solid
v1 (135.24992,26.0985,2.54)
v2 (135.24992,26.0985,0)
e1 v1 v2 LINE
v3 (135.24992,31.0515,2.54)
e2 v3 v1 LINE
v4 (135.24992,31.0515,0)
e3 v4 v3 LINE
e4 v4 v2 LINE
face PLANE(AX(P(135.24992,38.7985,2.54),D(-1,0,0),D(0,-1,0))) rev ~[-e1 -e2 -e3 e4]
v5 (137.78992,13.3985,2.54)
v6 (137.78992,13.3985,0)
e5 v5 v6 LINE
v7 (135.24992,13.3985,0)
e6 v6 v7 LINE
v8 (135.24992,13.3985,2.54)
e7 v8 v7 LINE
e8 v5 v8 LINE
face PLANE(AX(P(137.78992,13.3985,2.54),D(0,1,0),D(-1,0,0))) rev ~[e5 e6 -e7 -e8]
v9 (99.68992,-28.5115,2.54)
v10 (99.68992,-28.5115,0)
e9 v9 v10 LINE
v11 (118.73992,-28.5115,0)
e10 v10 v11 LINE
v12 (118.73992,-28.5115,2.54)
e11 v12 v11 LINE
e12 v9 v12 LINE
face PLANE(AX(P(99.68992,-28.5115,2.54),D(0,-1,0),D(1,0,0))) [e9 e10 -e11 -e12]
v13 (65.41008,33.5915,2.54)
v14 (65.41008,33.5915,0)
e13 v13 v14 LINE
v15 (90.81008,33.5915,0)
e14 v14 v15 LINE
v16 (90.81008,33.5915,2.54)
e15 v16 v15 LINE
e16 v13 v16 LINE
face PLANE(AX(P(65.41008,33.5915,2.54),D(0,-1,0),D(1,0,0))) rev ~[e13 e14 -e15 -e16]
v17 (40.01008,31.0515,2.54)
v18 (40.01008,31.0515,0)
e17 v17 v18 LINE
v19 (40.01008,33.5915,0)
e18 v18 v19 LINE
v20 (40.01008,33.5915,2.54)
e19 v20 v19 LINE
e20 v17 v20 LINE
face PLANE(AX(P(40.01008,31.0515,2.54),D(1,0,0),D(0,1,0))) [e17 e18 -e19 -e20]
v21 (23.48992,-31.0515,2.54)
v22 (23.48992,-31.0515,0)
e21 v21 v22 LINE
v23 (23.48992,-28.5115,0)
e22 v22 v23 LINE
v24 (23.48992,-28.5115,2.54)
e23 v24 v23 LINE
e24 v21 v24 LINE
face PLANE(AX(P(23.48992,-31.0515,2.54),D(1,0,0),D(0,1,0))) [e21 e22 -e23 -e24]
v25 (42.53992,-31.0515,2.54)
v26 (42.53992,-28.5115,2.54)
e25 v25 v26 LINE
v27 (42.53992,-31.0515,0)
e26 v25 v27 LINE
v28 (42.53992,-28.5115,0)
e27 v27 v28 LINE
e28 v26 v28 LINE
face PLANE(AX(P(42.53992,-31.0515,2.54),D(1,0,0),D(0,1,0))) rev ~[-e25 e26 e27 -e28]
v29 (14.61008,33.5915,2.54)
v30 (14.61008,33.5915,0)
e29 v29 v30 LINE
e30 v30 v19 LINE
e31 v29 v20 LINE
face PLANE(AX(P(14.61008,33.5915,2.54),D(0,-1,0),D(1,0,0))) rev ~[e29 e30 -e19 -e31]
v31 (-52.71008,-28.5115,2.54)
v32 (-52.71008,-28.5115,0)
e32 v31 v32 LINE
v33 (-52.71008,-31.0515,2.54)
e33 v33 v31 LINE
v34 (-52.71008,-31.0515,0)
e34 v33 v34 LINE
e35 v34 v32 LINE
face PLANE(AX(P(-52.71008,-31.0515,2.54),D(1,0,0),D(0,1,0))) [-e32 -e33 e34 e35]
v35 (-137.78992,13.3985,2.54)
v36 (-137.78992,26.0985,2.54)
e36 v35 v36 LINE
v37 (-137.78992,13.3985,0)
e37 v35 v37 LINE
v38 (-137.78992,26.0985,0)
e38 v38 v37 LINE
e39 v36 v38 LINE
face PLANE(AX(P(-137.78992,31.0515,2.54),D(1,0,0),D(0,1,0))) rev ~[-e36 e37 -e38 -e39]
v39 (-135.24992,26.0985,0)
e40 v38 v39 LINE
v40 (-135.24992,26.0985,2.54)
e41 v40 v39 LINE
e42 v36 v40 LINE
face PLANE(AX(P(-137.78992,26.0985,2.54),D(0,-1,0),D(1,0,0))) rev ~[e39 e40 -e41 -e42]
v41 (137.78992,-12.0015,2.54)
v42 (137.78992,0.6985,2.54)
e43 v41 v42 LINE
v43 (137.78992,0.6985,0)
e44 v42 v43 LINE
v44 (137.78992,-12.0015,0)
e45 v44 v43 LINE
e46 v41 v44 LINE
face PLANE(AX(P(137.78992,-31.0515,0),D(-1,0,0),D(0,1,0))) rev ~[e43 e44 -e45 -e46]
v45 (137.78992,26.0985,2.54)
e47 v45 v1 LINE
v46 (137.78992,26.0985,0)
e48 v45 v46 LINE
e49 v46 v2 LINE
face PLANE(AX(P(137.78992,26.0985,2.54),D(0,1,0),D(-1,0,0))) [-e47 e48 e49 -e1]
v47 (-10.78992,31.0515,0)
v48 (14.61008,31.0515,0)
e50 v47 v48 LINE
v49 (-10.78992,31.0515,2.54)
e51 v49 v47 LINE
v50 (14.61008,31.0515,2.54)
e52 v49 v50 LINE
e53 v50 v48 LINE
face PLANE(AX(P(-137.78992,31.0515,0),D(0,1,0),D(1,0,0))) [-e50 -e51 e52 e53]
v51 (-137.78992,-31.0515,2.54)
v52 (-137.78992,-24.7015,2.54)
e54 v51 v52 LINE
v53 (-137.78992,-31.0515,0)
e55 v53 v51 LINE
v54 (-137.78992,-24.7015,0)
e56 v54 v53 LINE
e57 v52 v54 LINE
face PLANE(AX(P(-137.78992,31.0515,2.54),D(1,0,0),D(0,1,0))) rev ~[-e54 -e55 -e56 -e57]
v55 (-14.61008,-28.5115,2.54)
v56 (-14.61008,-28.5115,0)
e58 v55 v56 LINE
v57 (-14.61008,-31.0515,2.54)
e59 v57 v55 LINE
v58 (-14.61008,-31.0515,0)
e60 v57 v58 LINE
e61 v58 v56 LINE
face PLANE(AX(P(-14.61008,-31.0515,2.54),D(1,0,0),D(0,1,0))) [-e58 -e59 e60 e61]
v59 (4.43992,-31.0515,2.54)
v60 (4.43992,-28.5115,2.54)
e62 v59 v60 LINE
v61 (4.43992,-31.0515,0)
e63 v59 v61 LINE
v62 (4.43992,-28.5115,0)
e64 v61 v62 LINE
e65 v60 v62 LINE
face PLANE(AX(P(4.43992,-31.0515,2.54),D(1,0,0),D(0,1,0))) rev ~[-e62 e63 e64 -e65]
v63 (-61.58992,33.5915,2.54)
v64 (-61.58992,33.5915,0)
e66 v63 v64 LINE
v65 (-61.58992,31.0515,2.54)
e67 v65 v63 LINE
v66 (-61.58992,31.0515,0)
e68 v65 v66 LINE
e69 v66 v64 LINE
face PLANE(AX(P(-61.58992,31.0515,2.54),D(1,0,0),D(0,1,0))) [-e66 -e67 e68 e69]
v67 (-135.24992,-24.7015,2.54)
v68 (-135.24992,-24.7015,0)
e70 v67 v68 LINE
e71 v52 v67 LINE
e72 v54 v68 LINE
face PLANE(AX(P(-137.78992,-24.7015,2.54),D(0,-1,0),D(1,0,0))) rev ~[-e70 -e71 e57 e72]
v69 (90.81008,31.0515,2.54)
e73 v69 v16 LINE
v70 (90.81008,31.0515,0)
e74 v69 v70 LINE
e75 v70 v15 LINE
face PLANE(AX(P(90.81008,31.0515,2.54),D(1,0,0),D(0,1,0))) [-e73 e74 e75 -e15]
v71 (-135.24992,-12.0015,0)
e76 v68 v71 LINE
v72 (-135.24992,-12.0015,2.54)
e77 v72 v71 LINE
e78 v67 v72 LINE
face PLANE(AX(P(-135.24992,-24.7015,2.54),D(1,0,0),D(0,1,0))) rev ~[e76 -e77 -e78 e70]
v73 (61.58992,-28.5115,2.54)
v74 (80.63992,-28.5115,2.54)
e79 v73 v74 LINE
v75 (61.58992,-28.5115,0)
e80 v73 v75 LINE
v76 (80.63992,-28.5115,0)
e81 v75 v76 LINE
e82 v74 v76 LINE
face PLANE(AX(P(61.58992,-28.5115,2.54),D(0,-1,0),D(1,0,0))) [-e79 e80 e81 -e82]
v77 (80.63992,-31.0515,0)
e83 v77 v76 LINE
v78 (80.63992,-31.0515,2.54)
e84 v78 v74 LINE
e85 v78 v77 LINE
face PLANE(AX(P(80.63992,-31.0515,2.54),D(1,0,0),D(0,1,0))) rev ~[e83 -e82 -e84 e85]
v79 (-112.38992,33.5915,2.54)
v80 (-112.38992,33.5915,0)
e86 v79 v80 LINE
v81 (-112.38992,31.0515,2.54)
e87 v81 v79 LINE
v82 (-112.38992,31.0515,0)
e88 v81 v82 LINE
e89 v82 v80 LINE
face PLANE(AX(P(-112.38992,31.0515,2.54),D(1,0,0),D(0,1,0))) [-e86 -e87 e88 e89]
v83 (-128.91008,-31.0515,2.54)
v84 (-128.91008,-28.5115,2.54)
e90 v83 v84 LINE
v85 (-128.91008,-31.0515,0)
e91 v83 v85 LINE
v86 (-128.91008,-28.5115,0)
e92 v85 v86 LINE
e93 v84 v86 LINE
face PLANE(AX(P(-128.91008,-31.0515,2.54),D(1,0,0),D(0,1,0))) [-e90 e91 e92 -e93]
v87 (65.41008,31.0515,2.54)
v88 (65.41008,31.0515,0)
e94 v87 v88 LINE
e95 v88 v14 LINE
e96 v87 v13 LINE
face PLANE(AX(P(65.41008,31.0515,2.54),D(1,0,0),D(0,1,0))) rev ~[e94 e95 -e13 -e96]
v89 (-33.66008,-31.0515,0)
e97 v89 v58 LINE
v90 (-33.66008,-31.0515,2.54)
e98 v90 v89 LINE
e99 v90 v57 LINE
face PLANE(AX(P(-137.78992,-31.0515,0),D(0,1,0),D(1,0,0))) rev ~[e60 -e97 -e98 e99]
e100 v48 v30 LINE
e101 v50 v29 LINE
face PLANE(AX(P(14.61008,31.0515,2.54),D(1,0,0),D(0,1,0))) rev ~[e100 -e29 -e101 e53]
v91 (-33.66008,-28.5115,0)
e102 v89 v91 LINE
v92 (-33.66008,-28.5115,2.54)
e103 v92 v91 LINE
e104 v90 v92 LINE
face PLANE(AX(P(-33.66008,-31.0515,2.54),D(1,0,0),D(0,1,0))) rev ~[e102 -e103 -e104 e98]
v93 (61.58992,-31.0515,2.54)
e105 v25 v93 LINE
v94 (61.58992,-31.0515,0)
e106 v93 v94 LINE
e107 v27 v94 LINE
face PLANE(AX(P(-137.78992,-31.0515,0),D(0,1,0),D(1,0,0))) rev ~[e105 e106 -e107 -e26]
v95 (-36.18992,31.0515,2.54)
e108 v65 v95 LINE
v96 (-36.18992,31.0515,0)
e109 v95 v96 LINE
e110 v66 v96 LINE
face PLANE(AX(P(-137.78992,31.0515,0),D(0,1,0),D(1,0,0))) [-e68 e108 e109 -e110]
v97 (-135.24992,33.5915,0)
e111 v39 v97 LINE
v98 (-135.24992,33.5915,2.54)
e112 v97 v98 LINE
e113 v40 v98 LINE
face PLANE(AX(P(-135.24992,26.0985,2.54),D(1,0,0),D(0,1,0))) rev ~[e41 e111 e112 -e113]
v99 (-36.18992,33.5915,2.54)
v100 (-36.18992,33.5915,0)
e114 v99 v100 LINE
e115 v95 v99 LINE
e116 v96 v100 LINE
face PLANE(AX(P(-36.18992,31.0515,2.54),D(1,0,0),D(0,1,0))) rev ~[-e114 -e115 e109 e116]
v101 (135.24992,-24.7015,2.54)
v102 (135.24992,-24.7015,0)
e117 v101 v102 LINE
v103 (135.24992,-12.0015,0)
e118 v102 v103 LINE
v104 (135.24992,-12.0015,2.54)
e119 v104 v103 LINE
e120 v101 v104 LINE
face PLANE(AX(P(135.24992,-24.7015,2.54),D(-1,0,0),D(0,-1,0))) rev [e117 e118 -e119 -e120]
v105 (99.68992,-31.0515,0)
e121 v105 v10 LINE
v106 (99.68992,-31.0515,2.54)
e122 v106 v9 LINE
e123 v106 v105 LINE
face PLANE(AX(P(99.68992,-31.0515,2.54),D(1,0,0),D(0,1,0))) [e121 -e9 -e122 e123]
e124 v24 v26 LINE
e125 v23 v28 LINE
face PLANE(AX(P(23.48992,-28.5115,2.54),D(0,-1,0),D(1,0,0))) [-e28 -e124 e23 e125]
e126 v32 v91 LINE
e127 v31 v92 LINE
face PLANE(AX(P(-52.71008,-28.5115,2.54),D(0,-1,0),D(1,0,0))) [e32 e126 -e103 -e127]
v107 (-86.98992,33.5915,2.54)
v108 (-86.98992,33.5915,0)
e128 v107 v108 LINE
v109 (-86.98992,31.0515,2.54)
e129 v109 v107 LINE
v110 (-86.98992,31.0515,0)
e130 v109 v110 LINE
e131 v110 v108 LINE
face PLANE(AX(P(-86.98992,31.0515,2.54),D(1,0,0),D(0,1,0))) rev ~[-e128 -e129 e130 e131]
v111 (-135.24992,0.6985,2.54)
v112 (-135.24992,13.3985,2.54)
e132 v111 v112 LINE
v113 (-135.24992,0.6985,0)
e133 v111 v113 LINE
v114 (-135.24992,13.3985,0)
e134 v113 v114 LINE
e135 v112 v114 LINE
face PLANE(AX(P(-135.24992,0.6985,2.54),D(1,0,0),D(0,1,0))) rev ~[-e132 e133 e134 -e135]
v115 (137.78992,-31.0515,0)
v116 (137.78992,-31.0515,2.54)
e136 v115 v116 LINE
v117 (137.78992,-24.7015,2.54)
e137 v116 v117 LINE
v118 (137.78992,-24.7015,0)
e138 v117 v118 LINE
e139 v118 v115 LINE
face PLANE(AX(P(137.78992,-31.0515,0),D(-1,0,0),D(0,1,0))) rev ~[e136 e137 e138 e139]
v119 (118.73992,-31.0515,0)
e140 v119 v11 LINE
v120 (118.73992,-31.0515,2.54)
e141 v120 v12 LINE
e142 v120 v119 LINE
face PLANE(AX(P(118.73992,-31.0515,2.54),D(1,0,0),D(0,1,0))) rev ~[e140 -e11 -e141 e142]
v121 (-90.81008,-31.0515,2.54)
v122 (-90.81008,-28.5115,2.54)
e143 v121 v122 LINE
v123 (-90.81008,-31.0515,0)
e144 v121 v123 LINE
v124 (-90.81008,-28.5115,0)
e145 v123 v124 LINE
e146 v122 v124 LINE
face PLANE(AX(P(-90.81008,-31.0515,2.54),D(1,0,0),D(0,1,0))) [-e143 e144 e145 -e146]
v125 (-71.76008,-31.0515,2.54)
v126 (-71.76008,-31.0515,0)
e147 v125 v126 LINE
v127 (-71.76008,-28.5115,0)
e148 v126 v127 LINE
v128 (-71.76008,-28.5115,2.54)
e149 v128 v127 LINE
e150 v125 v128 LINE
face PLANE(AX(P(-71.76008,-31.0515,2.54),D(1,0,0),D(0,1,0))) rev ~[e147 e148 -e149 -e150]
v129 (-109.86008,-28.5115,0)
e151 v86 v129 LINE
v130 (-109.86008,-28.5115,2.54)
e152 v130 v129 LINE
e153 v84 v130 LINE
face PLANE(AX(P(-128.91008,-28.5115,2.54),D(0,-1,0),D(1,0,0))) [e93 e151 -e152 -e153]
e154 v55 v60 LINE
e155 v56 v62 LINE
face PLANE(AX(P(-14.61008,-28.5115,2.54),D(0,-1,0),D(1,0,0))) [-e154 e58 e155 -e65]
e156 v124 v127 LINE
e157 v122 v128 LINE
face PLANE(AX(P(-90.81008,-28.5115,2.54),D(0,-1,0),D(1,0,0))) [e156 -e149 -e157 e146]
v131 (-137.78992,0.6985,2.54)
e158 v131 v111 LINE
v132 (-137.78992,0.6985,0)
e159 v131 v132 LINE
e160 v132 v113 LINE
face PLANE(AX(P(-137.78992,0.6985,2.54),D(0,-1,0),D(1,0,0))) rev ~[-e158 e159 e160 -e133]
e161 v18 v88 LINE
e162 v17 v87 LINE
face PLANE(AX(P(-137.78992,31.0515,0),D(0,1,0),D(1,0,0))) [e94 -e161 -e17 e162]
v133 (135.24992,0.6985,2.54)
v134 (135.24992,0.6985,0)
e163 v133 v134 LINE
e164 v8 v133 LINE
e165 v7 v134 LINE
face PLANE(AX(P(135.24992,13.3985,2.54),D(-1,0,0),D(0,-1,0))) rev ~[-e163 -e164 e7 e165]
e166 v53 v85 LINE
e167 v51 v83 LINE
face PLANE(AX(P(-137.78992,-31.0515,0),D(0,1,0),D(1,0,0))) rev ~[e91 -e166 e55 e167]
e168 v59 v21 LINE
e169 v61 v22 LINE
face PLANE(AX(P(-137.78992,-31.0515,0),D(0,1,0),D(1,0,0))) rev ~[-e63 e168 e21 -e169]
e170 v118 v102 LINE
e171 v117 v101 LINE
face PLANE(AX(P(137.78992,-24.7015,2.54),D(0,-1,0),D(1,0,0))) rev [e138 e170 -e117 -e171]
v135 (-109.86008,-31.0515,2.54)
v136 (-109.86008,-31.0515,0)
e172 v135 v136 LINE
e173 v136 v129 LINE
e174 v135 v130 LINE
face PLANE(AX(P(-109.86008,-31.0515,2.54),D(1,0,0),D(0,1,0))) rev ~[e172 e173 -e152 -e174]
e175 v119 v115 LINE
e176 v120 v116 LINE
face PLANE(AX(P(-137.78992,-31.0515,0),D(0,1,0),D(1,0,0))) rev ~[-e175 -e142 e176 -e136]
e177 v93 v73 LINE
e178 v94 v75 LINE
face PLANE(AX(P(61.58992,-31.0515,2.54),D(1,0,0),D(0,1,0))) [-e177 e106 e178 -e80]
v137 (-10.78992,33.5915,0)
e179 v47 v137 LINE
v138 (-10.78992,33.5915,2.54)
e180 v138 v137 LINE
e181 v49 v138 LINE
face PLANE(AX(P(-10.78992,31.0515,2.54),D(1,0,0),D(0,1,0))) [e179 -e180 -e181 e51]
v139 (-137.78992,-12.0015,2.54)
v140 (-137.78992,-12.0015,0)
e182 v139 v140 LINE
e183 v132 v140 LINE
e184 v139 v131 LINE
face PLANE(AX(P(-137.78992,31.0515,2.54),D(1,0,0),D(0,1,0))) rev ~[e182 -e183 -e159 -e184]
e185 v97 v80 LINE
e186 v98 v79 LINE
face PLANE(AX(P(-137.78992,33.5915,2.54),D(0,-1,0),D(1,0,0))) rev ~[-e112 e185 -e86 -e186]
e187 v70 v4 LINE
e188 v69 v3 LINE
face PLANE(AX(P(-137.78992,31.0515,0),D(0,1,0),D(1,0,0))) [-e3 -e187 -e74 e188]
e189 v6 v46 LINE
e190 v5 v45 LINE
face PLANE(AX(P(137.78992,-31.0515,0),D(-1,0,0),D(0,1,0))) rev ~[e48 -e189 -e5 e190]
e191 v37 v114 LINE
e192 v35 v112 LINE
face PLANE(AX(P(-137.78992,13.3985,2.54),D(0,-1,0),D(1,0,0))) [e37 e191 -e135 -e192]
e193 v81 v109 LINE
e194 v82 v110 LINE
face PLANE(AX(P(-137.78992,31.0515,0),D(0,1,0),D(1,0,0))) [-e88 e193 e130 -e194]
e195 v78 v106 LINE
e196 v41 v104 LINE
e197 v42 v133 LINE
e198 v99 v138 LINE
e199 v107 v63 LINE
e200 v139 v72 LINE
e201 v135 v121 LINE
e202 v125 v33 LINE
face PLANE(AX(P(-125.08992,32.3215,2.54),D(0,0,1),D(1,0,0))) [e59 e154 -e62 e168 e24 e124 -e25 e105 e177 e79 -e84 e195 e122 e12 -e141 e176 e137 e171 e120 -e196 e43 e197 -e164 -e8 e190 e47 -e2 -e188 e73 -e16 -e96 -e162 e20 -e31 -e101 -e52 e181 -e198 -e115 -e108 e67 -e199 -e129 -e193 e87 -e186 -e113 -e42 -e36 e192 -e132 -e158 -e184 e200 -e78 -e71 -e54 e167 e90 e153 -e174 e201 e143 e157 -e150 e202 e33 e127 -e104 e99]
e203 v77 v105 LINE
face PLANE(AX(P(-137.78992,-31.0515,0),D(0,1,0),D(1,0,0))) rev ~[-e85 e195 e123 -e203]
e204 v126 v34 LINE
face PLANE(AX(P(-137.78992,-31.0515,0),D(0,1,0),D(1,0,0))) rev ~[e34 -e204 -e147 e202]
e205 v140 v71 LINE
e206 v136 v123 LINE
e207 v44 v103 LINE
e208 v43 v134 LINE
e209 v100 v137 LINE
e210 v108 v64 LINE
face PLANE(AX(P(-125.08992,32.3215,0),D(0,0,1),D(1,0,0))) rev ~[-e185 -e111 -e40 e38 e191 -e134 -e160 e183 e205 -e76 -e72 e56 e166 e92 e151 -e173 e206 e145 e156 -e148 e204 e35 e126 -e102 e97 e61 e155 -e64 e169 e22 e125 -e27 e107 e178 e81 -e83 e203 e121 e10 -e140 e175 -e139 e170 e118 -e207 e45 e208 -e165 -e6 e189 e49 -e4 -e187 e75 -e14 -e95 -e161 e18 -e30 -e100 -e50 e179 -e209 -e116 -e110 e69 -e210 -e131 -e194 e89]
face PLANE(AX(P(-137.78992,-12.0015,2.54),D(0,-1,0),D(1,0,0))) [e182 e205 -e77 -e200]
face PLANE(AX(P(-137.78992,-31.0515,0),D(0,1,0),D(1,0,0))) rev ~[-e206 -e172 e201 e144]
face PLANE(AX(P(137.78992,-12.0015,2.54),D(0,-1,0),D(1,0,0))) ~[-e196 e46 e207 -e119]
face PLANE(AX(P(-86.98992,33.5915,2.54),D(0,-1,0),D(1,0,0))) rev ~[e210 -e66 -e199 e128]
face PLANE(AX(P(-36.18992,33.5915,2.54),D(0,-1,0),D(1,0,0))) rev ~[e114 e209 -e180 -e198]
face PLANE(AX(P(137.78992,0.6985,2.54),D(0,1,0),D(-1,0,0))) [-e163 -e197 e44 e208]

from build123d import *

# Parameters (mm, degrees)
SKETCH1_W               = 275.57984
SKETCH1_H               = 62.103
BOSS_EXTRUDE1_DEPTH     = 2.54
SKETCH2_W               = 25.4
SKETCH2_H               = 2.54
BOSS_EXTRUDE2_DEPTH     = 2.54
LPATTERN1_COUNT         = 5
LPATTERN1_PITCH         = 50.8
SKETCH3_W               = 2.54
SKETCH3_H               = 12.7
CUT_EXTRUDE1_DEPTH      = 142.848167157
LPATTERN3_COUNT         = 3
LPATTERN3_PITCH         = 25.4
MIRROR1_COPY_1_SKETCH_W = 2.54
MIRROR1_COPY_1_SKETCH_H = 12.7
MIRROR1_COPY_1_DEPTH    = 142.848167157
MIRROR1_COPY_2_SKETCH_W = 2.54
MIRROR1_COPY_2_SKETCH_H = 12.7
MIRROR1_COPY_2_DEPTH    = 142.848167157
SKETCH5_W               = 19.05
SKETCH5_H               = 2.54
CUT_EXTRUDE3_DEPTH      = 142.848167157
LPATTERN5_COUNT         = 8
LPATTERN5_PITCH         = 38.1


with BuildPart() as part:
    # Sketch1 → Boss-Extrude1 (new body)
    with BuildSketch(Plane.XY):
        Rectangle(SKETCH1_W, SKETCH1_H)
    extrude(amount=BOSS_EXTRUDE1_DEPTH)

    # Sketch2 → Boss-Extrude2 (add)
    with BuildSketch(Plane.XY.offset(2.54)):
        with Locations((-125.08992, 32.3215)):
            Rectangle(SKETCH2_W, SKETCH2_H)
    boss_extrude2 = extrude(amount=-BOSS_EXTRUDE2_DEPTH)

    # LPattern1: Boss-Extrude2 ×5
    with Locations(*[(i * LPATTERN1_PITCH, 0, 0) for i in range(1, LPATTERN1_COUNT)]):
        add(boss_extrude2)

    # Sketch3 → Cut-Extrude1 (cut, through all)
    with BuildSketch(Plane.XY.offset(2.54)):
        with Locations((-136.51992, -18.3515)):
            Rectangle(SKETCH3_W, SKETCH3_H)
    cut_extrude1 = extrude(amount=-CUT_EXTRUDE1_DEPTH, mode=Mode.SUBTRACT)

    # LPattern3: Cut-Extrude1 ×3
    with Locations(*[(0, i * LPATTERN3_PITCH, 0) for i in range(1, LPATTERN3_COUNT)]):
        add(cut_extrude1, mode=Mode.SUBTRACT)

    # Mirror1: Cut-Extrude1 across plane
    add(cut_extrude1.mirror(Plane(origin=(0, 0, 0), x_dir=(0, 0, 1), z_dir=(1, 0, 0))), mode=Mode.SUBTRACT)

    # Mirror1 copy 1 sketch → Mirror1 copy 1 (cut, through all)
    with BuildSketch(Plane(origin=(0, 25.4, 2.54), x_dir=(-1, 0, 0), z_dir=(0, 0, 1))):
        with Locations((-136.51992, 18.3515)):
            Rectangle(MIRROR1_COPY_1_SKETCH_W, MIRROR1_COPY_1_SKETCH_H)
    extrude(amount=-MIRROR1_COPY_1_DEPTH, mode=Mode.SUBTRACT)

    # Mirror1 copy 2 sketch → Mirror1 copy 2 (cut, through all)
    with BuildSketch(Plane(origin=(0, 50.8, 2.54), x_dir=(-1, 0, 0), z_dir=(0, 0, 1))):
        with Locations((-136.51992, 18.3515)):
            Rectangle(MIRROR1_COPY_2_SKETCH_W, MIRROR1_COPY_2_SKETCH_H)
    extrude(amount=-MIRROR1_COPY_2_DEPTH, mode=Mode.SUBTRACT)

    # Sketch5 → Cut-Extrude3 (cut, through all)
    with BuildSketch(Plane.XY.offset(2.54)):
        with Locations((-119.38508, -29.7815)):
            Rectangle(SKETCH5_W, SKETCH5_H)
    cut_extrude3 = extrude(amount=-CUT_EXTRUDE3_DEPTH, mode=Mode.SUBTRACT)

    # LPattern5: Cut-Extrude3 ×8
    with Locations(*[(i * LPATTERN5_PITCH, 0, 0) for i in range(1, LPATTERN5_COUNT)]):
        add(cut_extrude3, mode=Mode.SUBTRACT)


solid = part.part
